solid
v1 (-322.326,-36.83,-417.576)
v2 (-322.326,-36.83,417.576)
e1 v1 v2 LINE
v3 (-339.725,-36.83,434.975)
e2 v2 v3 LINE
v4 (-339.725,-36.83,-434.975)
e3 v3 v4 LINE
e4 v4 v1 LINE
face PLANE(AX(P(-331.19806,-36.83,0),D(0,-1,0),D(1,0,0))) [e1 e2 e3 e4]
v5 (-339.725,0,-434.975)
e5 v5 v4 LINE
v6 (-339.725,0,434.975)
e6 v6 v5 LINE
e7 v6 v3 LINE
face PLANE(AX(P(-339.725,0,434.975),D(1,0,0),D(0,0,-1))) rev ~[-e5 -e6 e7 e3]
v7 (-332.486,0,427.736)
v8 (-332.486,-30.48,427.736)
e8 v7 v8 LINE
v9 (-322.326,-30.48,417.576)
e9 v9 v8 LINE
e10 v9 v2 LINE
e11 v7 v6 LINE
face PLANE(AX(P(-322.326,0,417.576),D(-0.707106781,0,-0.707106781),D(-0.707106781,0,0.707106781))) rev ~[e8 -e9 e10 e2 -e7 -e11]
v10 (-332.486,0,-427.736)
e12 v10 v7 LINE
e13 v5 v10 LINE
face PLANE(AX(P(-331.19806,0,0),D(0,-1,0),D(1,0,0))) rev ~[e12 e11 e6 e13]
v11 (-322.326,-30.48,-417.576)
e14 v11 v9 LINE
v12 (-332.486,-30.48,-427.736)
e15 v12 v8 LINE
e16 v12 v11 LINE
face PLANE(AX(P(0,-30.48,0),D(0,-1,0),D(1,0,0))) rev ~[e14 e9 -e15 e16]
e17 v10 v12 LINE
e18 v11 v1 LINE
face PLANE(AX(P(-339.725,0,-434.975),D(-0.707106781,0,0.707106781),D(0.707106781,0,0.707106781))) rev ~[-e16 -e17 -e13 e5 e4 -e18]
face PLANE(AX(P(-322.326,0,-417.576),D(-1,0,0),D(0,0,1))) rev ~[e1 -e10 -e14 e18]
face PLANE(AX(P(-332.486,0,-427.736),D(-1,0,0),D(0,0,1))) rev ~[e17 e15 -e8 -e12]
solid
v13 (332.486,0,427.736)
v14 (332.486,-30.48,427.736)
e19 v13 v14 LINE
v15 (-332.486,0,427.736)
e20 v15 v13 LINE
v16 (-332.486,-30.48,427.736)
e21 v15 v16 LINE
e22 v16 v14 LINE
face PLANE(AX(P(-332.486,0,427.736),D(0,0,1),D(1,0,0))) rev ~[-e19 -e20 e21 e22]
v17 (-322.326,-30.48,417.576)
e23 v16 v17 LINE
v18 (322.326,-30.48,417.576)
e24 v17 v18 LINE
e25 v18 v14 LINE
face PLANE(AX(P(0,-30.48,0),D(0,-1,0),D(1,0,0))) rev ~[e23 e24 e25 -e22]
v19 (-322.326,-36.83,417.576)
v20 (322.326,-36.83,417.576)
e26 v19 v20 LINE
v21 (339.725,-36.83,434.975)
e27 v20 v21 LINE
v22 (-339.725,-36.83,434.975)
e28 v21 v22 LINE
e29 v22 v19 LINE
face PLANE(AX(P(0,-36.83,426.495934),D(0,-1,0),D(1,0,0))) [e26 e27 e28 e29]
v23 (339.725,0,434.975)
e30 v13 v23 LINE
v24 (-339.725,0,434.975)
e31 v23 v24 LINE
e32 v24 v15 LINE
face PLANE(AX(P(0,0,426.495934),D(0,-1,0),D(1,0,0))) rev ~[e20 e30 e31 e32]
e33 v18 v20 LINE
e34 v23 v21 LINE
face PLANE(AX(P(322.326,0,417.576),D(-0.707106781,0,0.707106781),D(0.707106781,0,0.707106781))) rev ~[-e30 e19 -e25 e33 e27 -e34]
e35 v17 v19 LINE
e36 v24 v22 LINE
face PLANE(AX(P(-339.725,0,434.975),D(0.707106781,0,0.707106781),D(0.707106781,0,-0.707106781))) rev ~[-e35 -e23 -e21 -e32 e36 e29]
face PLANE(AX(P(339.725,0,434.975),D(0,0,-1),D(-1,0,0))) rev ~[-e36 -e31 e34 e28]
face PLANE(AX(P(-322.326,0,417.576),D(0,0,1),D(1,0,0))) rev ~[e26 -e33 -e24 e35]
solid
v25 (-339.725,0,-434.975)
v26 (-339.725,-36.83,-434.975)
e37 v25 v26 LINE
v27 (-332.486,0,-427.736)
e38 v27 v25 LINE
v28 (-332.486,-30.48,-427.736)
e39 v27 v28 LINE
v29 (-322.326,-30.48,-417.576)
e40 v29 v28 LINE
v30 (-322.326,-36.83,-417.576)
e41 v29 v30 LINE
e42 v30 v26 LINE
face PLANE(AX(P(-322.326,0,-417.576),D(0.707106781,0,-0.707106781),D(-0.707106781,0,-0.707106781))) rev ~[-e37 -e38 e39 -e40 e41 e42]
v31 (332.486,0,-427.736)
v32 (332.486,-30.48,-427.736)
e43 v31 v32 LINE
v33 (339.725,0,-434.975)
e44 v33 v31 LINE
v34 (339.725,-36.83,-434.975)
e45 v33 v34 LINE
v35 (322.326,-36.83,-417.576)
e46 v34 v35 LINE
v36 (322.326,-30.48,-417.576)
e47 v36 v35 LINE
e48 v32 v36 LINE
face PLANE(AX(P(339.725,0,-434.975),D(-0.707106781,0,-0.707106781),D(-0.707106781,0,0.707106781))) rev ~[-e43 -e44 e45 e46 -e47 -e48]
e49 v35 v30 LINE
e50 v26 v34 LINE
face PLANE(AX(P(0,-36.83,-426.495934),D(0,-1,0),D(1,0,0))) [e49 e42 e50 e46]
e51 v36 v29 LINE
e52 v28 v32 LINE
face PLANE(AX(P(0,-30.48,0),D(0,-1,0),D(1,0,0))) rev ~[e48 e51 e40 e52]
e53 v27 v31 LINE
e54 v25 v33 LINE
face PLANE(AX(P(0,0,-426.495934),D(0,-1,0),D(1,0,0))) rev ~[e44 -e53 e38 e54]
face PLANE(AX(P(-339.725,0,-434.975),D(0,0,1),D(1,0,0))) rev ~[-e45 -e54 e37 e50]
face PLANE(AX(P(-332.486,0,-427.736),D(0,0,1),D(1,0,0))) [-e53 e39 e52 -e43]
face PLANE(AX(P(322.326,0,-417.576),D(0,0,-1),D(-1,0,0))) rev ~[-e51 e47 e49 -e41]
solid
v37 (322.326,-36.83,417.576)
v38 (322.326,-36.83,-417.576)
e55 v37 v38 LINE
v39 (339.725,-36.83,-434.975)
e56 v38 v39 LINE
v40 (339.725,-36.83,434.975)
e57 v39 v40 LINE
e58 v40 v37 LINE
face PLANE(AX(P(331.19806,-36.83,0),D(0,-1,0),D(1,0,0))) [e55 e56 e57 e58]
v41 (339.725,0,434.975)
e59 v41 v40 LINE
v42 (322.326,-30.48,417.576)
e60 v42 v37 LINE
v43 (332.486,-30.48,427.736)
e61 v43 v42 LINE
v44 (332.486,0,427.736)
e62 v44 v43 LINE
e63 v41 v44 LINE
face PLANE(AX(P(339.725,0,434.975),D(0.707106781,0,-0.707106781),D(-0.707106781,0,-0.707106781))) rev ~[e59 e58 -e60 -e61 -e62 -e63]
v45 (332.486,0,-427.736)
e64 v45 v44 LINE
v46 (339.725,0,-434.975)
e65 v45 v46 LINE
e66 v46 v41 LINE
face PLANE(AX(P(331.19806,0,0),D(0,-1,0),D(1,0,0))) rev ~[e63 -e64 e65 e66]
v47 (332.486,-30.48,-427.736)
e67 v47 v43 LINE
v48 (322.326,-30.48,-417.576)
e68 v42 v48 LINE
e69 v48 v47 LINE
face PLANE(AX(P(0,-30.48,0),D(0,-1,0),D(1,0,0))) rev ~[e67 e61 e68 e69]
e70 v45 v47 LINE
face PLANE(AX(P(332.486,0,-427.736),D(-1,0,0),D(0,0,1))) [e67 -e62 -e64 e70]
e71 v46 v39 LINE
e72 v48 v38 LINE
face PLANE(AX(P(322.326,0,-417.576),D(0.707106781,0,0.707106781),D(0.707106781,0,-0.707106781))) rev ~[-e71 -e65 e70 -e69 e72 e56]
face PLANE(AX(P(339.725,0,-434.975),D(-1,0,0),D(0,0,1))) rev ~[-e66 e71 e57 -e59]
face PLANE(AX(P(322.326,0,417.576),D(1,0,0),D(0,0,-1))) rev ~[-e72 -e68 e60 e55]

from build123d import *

# Parameters (mm, degrees)
F2_DEPTH = 36.83
F4_DEPTH = 36.83
F5_W     = 664.972
F5_H     = 855.472
F6_DEPTH = 30.48


with BuildPart() as f2:
    # F1 (on face) → F2 (new body)
    with BuildSketch(Plane.XZ):
        Polygon((-339.725, 434.975), (-339.725, -434.975), (-322.326, -417.576), (-322.326, 417.576), align=None)
        Polygon((322.326, -417.576), (339.725, -434.975), (339.725, 434.975), (322.326, 417.576), align=None)
    extrude(amount=F2_DEPTH)


with BuildPart() as f4:
    # F3 (on Front) → F4 (new body, through all)
    with BuildSketch(Plane.XZ):
        Polygon((339.725, 434.975), (-339.725, 434.975), (-322.326, 417.576), (322.326, 417.576), align=None)
        Polygon((-322.326, -417.576), (-339.725, -434.975), (339.725, -434.975), (322.326, -417.576), align=None)
    extrude(amount=F4_DEPTH)


with BuildPart() as f6_tool:
    # F5 (on face) → F6 (new body)
    with BuildSketch(Plane.XZ):
        Rectangle(F5_W, F5_H)
    extrude(amount=F6_DEPTH)


with BuildPart() as f2_1:
    add(f2.part)

    # F6: cut by f6_tool
    add(f6_tool.part, mode=Mode.SUBTRACT)


with BuildPart() as f4_1:
    add(f4.part)

    # F6: cut by f6_tool
    add(f6_tool.part, mode=Mode.SUBTRACT)


solid = Compound([f2_1.part, f4_1.part])
